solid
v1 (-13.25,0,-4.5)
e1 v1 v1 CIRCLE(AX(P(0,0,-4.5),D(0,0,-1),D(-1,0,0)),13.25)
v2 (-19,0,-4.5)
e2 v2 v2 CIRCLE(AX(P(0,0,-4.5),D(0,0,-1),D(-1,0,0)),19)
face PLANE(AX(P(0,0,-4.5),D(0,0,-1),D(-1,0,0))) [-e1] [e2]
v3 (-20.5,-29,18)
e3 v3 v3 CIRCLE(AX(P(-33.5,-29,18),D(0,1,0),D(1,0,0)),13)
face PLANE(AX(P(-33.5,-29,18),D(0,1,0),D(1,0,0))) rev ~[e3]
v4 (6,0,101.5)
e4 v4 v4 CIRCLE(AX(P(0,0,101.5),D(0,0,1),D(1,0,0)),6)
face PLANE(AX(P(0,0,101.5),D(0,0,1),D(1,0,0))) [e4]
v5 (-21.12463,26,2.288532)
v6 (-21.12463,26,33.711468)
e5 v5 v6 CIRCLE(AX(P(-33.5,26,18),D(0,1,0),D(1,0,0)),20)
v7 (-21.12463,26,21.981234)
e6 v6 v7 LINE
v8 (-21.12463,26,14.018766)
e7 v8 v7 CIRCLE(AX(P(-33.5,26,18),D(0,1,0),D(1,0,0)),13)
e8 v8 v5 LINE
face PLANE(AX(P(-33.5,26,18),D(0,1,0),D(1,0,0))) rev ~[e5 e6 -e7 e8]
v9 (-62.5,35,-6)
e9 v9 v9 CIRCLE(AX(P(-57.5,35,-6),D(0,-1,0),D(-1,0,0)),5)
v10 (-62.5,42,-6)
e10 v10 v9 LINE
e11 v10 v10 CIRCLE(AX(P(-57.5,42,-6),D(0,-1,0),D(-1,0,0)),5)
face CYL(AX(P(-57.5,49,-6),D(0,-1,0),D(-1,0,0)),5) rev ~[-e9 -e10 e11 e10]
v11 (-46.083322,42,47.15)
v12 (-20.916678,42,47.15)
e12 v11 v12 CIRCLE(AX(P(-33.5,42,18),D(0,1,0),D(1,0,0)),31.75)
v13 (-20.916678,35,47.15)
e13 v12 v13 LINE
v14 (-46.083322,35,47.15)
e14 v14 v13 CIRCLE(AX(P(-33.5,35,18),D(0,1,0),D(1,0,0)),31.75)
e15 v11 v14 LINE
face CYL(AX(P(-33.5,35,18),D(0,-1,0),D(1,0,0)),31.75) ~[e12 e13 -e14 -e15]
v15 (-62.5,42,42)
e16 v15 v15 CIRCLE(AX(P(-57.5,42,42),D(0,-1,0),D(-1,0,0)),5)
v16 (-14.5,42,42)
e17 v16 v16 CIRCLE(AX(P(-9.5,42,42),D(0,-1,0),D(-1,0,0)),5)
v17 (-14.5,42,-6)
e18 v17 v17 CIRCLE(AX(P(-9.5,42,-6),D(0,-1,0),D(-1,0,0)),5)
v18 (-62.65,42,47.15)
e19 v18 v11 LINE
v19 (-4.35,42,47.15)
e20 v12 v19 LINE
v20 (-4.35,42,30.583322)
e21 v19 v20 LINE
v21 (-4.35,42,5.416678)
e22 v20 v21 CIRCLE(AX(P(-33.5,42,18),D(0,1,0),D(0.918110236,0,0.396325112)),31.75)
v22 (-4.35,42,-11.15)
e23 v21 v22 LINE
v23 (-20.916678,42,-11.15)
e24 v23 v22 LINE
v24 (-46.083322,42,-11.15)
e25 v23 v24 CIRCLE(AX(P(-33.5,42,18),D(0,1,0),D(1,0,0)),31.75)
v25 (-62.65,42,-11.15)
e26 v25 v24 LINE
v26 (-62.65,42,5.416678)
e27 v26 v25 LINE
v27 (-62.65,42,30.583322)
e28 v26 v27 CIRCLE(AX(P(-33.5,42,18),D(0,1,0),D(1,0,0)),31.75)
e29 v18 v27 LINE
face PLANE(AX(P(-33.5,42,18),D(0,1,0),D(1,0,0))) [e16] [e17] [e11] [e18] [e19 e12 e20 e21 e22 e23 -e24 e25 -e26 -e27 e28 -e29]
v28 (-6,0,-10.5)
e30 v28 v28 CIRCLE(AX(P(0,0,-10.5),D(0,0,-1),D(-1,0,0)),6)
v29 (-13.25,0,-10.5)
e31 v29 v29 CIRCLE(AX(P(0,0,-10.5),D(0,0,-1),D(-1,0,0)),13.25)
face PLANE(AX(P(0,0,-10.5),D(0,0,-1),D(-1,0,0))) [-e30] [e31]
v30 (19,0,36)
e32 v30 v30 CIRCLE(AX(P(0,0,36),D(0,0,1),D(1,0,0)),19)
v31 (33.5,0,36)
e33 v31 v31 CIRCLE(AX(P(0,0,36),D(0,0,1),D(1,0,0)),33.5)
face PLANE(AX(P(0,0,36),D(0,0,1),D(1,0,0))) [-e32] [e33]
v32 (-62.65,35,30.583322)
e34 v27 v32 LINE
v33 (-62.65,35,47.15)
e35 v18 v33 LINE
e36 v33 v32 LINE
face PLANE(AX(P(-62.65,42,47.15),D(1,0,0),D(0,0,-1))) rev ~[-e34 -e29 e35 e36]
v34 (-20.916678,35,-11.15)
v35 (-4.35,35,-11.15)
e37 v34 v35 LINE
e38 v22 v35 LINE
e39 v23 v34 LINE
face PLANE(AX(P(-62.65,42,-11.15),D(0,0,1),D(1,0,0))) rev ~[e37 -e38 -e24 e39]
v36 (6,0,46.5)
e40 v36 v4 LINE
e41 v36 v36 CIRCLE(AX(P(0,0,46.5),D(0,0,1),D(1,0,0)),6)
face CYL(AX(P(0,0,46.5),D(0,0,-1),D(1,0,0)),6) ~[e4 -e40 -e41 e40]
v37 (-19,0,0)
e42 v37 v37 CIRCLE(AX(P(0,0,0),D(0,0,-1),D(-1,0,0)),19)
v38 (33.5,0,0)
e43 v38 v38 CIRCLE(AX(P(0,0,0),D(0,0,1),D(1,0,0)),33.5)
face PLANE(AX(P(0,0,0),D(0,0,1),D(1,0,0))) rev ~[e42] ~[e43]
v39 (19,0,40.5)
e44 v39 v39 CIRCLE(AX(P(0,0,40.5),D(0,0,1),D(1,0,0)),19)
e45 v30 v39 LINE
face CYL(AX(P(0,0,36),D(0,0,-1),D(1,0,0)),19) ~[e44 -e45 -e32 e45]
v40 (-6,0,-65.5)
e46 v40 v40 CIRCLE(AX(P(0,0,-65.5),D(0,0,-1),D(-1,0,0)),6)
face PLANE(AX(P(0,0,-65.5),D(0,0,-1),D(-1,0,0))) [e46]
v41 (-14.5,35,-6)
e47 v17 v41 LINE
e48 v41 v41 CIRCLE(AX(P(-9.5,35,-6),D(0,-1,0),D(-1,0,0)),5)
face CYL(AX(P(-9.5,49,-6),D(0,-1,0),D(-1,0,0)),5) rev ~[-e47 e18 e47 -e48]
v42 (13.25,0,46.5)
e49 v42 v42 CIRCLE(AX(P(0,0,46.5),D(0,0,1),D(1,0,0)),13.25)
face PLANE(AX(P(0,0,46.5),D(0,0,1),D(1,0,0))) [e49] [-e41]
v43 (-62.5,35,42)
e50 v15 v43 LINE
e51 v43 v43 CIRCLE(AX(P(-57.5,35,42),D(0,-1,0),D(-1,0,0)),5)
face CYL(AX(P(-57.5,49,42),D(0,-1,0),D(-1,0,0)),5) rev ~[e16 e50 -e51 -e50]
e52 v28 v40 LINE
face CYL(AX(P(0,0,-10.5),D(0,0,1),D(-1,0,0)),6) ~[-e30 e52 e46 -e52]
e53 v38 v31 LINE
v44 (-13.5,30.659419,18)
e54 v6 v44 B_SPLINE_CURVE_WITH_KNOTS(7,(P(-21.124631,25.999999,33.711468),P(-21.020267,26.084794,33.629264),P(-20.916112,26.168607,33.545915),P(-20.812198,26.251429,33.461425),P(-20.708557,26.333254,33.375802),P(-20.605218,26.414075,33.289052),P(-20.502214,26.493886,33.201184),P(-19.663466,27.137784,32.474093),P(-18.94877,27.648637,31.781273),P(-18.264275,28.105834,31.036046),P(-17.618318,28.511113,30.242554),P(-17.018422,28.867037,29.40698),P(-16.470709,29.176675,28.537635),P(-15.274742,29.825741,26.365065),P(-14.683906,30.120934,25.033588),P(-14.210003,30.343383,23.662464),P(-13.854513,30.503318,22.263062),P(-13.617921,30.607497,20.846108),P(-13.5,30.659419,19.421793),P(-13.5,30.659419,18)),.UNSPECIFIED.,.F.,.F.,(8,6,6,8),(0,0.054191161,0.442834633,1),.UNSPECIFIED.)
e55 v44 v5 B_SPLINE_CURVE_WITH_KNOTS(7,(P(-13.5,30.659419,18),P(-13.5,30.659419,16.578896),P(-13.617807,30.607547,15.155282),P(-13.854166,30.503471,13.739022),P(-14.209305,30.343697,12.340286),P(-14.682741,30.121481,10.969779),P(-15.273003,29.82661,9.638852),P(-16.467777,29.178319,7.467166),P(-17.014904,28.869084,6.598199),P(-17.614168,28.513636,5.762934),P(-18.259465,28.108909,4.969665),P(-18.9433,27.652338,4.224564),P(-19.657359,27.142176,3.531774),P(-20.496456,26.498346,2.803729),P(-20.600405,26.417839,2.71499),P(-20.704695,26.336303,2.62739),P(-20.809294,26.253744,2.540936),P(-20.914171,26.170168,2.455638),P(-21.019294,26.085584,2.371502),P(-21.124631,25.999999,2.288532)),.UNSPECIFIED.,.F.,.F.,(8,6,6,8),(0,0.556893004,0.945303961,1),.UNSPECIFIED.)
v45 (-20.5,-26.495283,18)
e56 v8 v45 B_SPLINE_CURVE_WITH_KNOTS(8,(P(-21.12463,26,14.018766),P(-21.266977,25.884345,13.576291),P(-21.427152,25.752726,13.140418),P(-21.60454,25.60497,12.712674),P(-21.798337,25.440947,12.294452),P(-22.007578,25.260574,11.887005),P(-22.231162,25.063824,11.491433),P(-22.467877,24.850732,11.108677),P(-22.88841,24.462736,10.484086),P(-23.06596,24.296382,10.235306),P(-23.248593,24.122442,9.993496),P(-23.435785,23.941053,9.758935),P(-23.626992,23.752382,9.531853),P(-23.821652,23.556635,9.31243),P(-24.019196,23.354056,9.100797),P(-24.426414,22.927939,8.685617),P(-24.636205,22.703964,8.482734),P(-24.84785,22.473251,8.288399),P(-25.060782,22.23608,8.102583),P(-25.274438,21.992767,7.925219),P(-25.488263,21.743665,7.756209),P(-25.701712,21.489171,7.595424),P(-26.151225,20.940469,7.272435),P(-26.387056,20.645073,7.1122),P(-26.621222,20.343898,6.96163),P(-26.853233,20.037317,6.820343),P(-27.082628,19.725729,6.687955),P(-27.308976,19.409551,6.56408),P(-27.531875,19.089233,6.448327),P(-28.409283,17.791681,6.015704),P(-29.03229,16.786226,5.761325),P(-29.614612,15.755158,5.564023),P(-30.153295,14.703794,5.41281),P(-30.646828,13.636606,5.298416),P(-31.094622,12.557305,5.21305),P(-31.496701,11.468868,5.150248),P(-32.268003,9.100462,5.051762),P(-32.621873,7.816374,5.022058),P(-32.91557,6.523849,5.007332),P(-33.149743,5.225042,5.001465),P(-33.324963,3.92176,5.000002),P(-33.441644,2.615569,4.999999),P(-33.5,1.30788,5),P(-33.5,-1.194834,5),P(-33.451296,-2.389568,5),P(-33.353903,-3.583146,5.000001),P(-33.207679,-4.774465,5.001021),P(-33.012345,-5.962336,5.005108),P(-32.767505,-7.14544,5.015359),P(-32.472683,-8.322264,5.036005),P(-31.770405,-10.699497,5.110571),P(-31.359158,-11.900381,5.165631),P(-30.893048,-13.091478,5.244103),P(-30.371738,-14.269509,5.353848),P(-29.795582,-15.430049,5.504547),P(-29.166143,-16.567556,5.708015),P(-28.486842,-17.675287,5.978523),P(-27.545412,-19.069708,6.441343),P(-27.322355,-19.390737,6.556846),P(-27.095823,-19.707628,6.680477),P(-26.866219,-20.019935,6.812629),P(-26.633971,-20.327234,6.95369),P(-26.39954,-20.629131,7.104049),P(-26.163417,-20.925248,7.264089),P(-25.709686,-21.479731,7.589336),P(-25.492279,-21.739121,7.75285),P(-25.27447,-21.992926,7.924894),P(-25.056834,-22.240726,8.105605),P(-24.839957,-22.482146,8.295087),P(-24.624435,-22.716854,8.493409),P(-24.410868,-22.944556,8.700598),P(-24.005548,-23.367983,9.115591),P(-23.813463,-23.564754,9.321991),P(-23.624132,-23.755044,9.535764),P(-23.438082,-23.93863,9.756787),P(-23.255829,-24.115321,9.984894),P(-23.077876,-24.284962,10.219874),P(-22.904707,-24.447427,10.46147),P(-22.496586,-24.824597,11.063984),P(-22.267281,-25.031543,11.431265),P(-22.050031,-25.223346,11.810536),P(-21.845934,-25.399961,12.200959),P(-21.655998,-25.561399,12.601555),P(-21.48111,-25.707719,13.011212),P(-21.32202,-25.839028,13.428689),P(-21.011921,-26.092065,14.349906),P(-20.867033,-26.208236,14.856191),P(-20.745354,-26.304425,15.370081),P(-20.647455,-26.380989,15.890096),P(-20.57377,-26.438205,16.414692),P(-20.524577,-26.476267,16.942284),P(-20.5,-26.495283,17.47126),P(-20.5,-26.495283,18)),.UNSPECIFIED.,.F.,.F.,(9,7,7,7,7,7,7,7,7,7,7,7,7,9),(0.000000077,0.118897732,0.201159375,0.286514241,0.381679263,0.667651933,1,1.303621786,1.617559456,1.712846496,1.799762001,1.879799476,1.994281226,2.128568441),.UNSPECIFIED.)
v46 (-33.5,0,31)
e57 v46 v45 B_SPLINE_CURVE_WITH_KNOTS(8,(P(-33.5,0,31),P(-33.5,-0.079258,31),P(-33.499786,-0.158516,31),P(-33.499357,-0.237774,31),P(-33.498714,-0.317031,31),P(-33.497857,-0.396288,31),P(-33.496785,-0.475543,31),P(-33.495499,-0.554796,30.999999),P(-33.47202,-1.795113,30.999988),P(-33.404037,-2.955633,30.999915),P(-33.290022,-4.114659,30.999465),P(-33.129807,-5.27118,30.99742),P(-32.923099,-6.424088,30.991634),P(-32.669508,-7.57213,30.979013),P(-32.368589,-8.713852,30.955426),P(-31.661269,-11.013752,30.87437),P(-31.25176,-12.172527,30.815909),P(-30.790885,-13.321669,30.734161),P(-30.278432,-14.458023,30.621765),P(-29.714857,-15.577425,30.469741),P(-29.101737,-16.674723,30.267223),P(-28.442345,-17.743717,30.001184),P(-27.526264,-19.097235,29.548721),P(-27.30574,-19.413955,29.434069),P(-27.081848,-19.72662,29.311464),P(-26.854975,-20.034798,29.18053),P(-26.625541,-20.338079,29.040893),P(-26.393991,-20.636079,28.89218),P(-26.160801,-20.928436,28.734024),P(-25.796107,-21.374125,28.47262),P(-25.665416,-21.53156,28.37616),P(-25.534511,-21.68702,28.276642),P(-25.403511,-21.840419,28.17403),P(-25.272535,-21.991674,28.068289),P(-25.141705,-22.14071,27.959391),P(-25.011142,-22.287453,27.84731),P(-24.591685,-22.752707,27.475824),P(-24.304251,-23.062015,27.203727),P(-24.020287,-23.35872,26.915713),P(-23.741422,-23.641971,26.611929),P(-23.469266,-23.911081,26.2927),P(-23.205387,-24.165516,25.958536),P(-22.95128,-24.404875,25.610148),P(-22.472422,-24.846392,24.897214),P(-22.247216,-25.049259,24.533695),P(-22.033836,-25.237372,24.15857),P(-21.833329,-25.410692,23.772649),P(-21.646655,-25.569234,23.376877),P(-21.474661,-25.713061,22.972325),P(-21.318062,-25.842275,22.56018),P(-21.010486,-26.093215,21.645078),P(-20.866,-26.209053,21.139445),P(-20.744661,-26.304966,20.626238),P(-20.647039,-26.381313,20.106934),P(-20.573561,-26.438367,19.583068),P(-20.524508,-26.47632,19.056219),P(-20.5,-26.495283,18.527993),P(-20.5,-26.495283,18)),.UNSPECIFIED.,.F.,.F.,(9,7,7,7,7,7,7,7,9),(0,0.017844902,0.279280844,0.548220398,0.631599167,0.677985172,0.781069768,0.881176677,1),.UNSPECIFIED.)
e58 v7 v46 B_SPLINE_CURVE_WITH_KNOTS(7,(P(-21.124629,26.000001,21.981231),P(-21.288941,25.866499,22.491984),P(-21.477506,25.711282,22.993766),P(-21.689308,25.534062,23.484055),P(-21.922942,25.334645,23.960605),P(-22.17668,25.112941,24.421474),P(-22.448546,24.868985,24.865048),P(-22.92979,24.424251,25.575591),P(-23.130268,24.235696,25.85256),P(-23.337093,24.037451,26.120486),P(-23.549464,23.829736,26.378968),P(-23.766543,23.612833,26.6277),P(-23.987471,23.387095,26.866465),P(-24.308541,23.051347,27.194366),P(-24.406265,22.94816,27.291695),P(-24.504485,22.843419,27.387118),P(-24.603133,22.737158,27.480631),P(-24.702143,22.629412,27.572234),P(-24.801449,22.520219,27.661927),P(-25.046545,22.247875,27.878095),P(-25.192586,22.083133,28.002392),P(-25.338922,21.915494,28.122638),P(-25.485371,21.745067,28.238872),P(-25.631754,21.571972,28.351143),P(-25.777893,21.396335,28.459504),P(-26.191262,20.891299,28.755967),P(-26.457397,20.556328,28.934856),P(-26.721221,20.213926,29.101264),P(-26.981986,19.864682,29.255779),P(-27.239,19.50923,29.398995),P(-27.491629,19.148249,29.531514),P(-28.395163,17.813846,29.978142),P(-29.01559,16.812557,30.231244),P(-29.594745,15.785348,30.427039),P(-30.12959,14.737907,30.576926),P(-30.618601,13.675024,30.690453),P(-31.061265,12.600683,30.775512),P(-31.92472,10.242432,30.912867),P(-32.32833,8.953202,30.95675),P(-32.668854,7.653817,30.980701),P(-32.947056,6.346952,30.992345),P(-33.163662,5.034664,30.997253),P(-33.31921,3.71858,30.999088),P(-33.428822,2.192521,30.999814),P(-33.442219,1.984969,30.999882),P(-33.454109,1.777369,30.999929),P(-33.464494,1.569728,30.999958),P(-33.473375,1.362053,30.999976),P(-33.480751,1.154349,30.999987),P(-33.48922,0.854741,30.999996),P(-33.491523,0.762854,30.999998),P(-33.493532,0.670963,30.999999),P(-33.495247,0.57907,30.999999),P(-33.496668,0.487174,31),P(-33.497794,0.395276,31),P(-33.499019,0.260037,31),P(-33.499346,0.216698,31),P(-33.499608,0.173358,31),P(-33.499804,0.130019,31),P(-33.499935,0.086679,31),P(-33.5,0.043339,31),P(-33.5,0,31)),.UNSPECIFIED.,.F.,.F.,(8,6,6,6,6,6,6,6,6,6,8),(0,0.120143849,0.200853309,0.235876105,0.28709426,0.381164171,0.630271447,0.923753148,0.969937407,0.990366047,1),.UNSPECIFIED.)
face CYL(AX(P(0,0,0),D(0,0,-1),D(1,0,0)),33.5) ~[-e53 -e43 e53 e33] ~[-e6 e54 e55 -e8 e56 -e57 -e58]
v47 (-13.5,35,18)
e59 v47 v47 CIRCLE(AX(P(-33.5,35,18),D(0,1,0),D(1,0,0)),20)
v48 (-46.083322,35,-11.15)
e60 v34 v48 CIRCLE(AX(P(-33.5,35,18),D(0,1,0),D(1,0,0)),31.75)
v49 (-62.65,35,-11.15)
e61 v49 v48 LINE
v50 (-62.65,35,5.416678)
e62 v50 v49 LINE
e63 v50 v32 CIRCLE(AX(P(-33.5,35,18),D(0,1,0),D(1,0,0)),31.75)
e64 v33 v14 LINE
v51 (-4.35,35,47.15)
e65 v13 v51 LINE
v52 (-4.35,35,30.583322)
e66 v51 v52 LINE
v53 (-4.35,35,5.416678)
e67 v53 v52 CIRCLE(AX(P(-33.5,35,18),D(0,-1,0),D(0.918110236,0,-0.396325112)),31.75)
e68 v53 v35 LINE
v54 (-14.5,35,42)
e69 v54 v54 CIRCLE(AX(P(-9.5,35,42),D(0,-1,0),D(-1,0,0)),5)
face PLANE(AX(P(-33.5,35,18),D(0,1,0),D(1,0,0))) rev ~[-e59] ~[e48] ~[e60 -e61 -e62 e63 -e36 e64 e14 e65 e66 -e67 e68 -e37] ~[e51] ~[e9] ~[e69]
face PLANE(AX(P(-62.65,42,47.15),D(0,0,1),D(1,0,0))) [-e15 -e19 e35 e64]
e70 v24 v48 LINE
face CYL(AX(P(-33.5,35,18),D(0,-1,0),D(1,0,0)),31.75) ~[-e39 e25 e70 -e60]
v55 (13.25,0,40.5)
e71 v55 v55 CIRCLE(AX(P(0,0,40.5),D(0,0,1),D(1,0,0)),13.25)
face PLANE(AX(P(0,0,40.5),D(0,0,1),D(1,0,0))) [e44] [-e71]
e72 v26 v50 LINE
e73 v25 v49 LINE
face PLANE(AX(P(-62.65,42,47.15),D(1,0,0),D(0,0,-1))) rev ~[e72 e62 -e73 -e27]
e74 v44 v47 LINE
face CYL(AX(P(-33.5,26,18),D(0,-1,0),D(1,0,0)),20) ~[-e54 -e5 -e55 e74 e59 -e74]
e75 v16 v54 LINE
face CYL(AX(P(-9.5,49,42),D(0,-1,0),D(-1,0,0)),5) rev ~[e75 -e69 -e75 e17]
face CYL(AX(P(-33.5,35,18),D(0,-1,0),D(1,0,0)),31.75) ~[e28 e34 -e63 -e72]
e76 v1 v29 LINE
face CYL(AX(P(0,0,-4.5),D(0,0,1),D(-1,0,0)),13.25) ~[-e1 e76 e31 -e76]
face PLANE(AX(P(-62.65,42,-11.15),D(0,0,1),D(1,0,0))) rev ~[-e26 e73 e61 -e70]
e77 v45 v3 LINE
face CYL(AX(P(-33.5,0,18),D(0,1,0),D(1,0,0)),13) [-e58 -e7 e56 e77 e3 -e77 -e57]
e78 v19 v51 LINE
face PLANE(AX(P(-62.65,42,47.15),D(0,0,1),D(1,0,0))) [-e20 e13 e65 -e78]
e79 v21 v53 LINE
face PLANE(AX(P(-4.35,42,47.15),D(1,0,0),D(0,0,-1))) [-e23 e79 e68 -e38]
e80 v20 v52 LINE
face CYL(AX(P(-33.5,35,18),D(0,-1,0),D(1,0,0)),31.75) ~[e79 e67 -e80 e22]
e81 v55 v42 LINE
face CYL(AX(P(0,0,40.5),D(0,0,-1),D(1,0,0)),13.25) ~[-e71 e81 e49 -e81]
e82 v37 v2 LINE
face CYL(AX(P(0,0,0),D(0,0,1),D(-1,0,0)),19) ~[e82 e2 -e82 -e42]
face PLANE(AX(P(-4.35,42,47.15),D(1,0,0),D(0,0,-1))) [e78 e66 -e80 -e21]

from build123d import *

# Parameters (mm, degrees)
SKIZZE1_R                            = 33.5
AUFSATZ_LINEAR_AUSTRAGEN1_DEPTH      = 36
SKIZZE2_R                            = 19
AUFSATZ_LINEAR_AUSTRAGEN2_DEPTH      = 4.5
SKIZZE3_R                            = 13.25
AUFSATZ_LINEAR_AUSTRAGEN3_DEPTH      = 6
SKIZZE4_R                            = 13
AUFSATZ_LINEAR_AUSTRAGEN4_DEPTH      = 26
AUFSATZ_LINEAR_AUSTRAGEN4_DEPTH_BACK = 29
SKIZZE5_R                            = 20
AUFSATZ_LINEAR_AUSTRAGEN5_DEPTH      = 9
SKIZZE6_R                            = 31.75
AUFSATZ_LINEAR_AUSTRAGEN6_DEPTH      = 7
SKIZZE7_W                            = 58.3
SKIZZE7_H                            = 58.3
AUFSATZ_LINEAR_AUSTRAGEN7_DEPTH      = 7
F_10_0_10_DURCHMESSER_BOHRUNG1_D     = 10
F_10_0_10_DURCHMESSER_BOHRUNG1_DEPTH = 7
SKIZZE13_R                           = 19
AUFSATZ_LINEAR_AUSTRAGEN8_DEPTH      = 4.5
SKIZZE14_R                           = 13.25
AUFSATZ_LINEAR_AUSTRAGEN9_DEPTH      = 6
SKIZZE15_R                           = 6
AUFSATZ_LINEAR_AUSTRAGEN10_DEPTH     = 55
SKIZZE16_R                           = 6
AUFSATZ_LINEAR_AUSTRAGEN11_DEPTH     = 55


with BuildPart() as part:
    # Skizze1 → Aufsatz-Linear austragen1 (new body)
    with BuildSketch(Plane.XY):
        Circle(SKIZZE1_R)
    extrude(amount=AUFSATZ_LINEAR_AUSTRAGEN1_DEPTH)

    # Skizze2 → Aufsatz-Linear austragen2 (add)
    with BuildSketch(Plane.XY.offset(36)):
        Circle(SKIZZE2_R)
    extrude(amount=AUFSATZ_LINEAR_AUSTRAGEN2_DEPTH)

    # Skizze3 → Aufsatz-Linear austragen3 (add)
    with BuildSketch(Plane.XY.offset(40.5)):
        Circle(SKIZZE3_R)
    extrude(amount=AUFSATZ_LINEAR_AUSTRAGEN3_DEPTH)

    # Skizze4 → Aufsatz-Linear austragen4 (add, two sides)
    with BuildSketch(Plane(origin=(0, 0, 0), x_dir=(1, 0, 0), z_dir=(0, 1, 0))) as aufsatz_linear_austragen4_sk:
        with Locations((-33.5, -18)):
            Circle(SKIZZE4_R)
    extrude(amount=AUFSATZ_LINEAR_AUSTRAGEN4_DEPTH)
    extrude(aufsatz_linear_austragen4_sk.sketch, amount=-AUFSATZ_LINEAR_AUSTRAGEN4_DEPTH_BACK)

    # Skizze5 → Aufsatz-Linear austragen5 (add)
    with BuildSketch(Plane(origin=(0, 26, 0), x_dir=(1, 0, 0), z_dir=(0, 1, 0))):
        with Locations((-33.5, -18)):
            Circle(SKIZZE5_R)
    extrude(amount=AUFSATZ_LINEAR_AUSTRAGEN5_DEPTH)

    # Skizze6 → Aufsatz-Linear austragen6 (add)
    with BuildSketch(Plane(origin=(0, 35, 0), x_dir=(1, 0, 0), z_dir=(0, 1, 0))):
        with Locations((-33.5, -18)):
            Circle(SKIZZE6_R)
    extrude(amount=AUFSATZ_LINEAR_AUSTRAGEN6_DEPTH)

    # Skizze7 → Aufsatz-Linear austragen7 (add)
    with BuildSketch(Plane(origin=(0, 42, 0), x_dir=(1, 0, 0), z_dir=(0, 1, 0))):
        with Locations((-33.5, -18)):
            Rectangle(SKIZZE7_W, SKIZZE7_H)
    extrude(amount=-AUFSATZ_LINEAR_AUSTRAGEN7_DEPTH)

    # Ø10.0 (10) Durchmesser Bohrung1
    with Locations(Plane(origin=(0, 42, 0), x_dir=(1, 0, 0), z_dir=(0, 1, 0))):
        with Locations((-57.5, -42), (-57.5, 6), (-9.5, 6), (-9.5, -42)):
            Hole(F_10_0_10_DURCHMESSER_BOHRUNG1_D / 2, depth=F_10_0_10_DURCHMESSER_BOHRUNG1_DEPTH)

    # Skizze13 → Aufsatz-Linear austragen8 (add)
    with BuildSketch(Plane(origin=(0, 0, 0), x_dir=(-1, 0, 0), z_dir=(0, 0, -1))):
        Circle(SKIZZE13_R)
    extrude(amount=AUFSATZ_LINEAR_AUSTRAGEN8_DEPTH)

    # Skizze14 → Aufsatz-Linear austragen9 (add)
    with BuildSketch(Plane(origin=(0, 0, -4.5), x_dir=(-1, 0, 0), z_dir=(0, 0, -1))):
        Circle(SKIZZE14_R)
    extrude(amount=AUFSATZ_LINEAR_AUSTRAGEN9_DEPTH)

    # Skizze15 → Aufsatz-Linear austragen10 (add)
    with BuildSketch(Plane(origin=(0, 0, -10.5), x_dir=(-1, 0, 0), z_dir=(0, 0, -1))):
        Circle(SKIZZE15_R)
    extrude(amount=AUFSATZ_LINEAR_AUSTRAGEN10_DEPTH)

    # Skizze16 → Aufsatz-Linear austragen11 (add)
    with BuildSketch(Plane.XY.offset(46.5)):
        Circle(SKIZZE16_R)
    extrude(amount=AUFSATZ_LINEAR_AUSTRAGEN11_DEPTH)


solid = part.part
